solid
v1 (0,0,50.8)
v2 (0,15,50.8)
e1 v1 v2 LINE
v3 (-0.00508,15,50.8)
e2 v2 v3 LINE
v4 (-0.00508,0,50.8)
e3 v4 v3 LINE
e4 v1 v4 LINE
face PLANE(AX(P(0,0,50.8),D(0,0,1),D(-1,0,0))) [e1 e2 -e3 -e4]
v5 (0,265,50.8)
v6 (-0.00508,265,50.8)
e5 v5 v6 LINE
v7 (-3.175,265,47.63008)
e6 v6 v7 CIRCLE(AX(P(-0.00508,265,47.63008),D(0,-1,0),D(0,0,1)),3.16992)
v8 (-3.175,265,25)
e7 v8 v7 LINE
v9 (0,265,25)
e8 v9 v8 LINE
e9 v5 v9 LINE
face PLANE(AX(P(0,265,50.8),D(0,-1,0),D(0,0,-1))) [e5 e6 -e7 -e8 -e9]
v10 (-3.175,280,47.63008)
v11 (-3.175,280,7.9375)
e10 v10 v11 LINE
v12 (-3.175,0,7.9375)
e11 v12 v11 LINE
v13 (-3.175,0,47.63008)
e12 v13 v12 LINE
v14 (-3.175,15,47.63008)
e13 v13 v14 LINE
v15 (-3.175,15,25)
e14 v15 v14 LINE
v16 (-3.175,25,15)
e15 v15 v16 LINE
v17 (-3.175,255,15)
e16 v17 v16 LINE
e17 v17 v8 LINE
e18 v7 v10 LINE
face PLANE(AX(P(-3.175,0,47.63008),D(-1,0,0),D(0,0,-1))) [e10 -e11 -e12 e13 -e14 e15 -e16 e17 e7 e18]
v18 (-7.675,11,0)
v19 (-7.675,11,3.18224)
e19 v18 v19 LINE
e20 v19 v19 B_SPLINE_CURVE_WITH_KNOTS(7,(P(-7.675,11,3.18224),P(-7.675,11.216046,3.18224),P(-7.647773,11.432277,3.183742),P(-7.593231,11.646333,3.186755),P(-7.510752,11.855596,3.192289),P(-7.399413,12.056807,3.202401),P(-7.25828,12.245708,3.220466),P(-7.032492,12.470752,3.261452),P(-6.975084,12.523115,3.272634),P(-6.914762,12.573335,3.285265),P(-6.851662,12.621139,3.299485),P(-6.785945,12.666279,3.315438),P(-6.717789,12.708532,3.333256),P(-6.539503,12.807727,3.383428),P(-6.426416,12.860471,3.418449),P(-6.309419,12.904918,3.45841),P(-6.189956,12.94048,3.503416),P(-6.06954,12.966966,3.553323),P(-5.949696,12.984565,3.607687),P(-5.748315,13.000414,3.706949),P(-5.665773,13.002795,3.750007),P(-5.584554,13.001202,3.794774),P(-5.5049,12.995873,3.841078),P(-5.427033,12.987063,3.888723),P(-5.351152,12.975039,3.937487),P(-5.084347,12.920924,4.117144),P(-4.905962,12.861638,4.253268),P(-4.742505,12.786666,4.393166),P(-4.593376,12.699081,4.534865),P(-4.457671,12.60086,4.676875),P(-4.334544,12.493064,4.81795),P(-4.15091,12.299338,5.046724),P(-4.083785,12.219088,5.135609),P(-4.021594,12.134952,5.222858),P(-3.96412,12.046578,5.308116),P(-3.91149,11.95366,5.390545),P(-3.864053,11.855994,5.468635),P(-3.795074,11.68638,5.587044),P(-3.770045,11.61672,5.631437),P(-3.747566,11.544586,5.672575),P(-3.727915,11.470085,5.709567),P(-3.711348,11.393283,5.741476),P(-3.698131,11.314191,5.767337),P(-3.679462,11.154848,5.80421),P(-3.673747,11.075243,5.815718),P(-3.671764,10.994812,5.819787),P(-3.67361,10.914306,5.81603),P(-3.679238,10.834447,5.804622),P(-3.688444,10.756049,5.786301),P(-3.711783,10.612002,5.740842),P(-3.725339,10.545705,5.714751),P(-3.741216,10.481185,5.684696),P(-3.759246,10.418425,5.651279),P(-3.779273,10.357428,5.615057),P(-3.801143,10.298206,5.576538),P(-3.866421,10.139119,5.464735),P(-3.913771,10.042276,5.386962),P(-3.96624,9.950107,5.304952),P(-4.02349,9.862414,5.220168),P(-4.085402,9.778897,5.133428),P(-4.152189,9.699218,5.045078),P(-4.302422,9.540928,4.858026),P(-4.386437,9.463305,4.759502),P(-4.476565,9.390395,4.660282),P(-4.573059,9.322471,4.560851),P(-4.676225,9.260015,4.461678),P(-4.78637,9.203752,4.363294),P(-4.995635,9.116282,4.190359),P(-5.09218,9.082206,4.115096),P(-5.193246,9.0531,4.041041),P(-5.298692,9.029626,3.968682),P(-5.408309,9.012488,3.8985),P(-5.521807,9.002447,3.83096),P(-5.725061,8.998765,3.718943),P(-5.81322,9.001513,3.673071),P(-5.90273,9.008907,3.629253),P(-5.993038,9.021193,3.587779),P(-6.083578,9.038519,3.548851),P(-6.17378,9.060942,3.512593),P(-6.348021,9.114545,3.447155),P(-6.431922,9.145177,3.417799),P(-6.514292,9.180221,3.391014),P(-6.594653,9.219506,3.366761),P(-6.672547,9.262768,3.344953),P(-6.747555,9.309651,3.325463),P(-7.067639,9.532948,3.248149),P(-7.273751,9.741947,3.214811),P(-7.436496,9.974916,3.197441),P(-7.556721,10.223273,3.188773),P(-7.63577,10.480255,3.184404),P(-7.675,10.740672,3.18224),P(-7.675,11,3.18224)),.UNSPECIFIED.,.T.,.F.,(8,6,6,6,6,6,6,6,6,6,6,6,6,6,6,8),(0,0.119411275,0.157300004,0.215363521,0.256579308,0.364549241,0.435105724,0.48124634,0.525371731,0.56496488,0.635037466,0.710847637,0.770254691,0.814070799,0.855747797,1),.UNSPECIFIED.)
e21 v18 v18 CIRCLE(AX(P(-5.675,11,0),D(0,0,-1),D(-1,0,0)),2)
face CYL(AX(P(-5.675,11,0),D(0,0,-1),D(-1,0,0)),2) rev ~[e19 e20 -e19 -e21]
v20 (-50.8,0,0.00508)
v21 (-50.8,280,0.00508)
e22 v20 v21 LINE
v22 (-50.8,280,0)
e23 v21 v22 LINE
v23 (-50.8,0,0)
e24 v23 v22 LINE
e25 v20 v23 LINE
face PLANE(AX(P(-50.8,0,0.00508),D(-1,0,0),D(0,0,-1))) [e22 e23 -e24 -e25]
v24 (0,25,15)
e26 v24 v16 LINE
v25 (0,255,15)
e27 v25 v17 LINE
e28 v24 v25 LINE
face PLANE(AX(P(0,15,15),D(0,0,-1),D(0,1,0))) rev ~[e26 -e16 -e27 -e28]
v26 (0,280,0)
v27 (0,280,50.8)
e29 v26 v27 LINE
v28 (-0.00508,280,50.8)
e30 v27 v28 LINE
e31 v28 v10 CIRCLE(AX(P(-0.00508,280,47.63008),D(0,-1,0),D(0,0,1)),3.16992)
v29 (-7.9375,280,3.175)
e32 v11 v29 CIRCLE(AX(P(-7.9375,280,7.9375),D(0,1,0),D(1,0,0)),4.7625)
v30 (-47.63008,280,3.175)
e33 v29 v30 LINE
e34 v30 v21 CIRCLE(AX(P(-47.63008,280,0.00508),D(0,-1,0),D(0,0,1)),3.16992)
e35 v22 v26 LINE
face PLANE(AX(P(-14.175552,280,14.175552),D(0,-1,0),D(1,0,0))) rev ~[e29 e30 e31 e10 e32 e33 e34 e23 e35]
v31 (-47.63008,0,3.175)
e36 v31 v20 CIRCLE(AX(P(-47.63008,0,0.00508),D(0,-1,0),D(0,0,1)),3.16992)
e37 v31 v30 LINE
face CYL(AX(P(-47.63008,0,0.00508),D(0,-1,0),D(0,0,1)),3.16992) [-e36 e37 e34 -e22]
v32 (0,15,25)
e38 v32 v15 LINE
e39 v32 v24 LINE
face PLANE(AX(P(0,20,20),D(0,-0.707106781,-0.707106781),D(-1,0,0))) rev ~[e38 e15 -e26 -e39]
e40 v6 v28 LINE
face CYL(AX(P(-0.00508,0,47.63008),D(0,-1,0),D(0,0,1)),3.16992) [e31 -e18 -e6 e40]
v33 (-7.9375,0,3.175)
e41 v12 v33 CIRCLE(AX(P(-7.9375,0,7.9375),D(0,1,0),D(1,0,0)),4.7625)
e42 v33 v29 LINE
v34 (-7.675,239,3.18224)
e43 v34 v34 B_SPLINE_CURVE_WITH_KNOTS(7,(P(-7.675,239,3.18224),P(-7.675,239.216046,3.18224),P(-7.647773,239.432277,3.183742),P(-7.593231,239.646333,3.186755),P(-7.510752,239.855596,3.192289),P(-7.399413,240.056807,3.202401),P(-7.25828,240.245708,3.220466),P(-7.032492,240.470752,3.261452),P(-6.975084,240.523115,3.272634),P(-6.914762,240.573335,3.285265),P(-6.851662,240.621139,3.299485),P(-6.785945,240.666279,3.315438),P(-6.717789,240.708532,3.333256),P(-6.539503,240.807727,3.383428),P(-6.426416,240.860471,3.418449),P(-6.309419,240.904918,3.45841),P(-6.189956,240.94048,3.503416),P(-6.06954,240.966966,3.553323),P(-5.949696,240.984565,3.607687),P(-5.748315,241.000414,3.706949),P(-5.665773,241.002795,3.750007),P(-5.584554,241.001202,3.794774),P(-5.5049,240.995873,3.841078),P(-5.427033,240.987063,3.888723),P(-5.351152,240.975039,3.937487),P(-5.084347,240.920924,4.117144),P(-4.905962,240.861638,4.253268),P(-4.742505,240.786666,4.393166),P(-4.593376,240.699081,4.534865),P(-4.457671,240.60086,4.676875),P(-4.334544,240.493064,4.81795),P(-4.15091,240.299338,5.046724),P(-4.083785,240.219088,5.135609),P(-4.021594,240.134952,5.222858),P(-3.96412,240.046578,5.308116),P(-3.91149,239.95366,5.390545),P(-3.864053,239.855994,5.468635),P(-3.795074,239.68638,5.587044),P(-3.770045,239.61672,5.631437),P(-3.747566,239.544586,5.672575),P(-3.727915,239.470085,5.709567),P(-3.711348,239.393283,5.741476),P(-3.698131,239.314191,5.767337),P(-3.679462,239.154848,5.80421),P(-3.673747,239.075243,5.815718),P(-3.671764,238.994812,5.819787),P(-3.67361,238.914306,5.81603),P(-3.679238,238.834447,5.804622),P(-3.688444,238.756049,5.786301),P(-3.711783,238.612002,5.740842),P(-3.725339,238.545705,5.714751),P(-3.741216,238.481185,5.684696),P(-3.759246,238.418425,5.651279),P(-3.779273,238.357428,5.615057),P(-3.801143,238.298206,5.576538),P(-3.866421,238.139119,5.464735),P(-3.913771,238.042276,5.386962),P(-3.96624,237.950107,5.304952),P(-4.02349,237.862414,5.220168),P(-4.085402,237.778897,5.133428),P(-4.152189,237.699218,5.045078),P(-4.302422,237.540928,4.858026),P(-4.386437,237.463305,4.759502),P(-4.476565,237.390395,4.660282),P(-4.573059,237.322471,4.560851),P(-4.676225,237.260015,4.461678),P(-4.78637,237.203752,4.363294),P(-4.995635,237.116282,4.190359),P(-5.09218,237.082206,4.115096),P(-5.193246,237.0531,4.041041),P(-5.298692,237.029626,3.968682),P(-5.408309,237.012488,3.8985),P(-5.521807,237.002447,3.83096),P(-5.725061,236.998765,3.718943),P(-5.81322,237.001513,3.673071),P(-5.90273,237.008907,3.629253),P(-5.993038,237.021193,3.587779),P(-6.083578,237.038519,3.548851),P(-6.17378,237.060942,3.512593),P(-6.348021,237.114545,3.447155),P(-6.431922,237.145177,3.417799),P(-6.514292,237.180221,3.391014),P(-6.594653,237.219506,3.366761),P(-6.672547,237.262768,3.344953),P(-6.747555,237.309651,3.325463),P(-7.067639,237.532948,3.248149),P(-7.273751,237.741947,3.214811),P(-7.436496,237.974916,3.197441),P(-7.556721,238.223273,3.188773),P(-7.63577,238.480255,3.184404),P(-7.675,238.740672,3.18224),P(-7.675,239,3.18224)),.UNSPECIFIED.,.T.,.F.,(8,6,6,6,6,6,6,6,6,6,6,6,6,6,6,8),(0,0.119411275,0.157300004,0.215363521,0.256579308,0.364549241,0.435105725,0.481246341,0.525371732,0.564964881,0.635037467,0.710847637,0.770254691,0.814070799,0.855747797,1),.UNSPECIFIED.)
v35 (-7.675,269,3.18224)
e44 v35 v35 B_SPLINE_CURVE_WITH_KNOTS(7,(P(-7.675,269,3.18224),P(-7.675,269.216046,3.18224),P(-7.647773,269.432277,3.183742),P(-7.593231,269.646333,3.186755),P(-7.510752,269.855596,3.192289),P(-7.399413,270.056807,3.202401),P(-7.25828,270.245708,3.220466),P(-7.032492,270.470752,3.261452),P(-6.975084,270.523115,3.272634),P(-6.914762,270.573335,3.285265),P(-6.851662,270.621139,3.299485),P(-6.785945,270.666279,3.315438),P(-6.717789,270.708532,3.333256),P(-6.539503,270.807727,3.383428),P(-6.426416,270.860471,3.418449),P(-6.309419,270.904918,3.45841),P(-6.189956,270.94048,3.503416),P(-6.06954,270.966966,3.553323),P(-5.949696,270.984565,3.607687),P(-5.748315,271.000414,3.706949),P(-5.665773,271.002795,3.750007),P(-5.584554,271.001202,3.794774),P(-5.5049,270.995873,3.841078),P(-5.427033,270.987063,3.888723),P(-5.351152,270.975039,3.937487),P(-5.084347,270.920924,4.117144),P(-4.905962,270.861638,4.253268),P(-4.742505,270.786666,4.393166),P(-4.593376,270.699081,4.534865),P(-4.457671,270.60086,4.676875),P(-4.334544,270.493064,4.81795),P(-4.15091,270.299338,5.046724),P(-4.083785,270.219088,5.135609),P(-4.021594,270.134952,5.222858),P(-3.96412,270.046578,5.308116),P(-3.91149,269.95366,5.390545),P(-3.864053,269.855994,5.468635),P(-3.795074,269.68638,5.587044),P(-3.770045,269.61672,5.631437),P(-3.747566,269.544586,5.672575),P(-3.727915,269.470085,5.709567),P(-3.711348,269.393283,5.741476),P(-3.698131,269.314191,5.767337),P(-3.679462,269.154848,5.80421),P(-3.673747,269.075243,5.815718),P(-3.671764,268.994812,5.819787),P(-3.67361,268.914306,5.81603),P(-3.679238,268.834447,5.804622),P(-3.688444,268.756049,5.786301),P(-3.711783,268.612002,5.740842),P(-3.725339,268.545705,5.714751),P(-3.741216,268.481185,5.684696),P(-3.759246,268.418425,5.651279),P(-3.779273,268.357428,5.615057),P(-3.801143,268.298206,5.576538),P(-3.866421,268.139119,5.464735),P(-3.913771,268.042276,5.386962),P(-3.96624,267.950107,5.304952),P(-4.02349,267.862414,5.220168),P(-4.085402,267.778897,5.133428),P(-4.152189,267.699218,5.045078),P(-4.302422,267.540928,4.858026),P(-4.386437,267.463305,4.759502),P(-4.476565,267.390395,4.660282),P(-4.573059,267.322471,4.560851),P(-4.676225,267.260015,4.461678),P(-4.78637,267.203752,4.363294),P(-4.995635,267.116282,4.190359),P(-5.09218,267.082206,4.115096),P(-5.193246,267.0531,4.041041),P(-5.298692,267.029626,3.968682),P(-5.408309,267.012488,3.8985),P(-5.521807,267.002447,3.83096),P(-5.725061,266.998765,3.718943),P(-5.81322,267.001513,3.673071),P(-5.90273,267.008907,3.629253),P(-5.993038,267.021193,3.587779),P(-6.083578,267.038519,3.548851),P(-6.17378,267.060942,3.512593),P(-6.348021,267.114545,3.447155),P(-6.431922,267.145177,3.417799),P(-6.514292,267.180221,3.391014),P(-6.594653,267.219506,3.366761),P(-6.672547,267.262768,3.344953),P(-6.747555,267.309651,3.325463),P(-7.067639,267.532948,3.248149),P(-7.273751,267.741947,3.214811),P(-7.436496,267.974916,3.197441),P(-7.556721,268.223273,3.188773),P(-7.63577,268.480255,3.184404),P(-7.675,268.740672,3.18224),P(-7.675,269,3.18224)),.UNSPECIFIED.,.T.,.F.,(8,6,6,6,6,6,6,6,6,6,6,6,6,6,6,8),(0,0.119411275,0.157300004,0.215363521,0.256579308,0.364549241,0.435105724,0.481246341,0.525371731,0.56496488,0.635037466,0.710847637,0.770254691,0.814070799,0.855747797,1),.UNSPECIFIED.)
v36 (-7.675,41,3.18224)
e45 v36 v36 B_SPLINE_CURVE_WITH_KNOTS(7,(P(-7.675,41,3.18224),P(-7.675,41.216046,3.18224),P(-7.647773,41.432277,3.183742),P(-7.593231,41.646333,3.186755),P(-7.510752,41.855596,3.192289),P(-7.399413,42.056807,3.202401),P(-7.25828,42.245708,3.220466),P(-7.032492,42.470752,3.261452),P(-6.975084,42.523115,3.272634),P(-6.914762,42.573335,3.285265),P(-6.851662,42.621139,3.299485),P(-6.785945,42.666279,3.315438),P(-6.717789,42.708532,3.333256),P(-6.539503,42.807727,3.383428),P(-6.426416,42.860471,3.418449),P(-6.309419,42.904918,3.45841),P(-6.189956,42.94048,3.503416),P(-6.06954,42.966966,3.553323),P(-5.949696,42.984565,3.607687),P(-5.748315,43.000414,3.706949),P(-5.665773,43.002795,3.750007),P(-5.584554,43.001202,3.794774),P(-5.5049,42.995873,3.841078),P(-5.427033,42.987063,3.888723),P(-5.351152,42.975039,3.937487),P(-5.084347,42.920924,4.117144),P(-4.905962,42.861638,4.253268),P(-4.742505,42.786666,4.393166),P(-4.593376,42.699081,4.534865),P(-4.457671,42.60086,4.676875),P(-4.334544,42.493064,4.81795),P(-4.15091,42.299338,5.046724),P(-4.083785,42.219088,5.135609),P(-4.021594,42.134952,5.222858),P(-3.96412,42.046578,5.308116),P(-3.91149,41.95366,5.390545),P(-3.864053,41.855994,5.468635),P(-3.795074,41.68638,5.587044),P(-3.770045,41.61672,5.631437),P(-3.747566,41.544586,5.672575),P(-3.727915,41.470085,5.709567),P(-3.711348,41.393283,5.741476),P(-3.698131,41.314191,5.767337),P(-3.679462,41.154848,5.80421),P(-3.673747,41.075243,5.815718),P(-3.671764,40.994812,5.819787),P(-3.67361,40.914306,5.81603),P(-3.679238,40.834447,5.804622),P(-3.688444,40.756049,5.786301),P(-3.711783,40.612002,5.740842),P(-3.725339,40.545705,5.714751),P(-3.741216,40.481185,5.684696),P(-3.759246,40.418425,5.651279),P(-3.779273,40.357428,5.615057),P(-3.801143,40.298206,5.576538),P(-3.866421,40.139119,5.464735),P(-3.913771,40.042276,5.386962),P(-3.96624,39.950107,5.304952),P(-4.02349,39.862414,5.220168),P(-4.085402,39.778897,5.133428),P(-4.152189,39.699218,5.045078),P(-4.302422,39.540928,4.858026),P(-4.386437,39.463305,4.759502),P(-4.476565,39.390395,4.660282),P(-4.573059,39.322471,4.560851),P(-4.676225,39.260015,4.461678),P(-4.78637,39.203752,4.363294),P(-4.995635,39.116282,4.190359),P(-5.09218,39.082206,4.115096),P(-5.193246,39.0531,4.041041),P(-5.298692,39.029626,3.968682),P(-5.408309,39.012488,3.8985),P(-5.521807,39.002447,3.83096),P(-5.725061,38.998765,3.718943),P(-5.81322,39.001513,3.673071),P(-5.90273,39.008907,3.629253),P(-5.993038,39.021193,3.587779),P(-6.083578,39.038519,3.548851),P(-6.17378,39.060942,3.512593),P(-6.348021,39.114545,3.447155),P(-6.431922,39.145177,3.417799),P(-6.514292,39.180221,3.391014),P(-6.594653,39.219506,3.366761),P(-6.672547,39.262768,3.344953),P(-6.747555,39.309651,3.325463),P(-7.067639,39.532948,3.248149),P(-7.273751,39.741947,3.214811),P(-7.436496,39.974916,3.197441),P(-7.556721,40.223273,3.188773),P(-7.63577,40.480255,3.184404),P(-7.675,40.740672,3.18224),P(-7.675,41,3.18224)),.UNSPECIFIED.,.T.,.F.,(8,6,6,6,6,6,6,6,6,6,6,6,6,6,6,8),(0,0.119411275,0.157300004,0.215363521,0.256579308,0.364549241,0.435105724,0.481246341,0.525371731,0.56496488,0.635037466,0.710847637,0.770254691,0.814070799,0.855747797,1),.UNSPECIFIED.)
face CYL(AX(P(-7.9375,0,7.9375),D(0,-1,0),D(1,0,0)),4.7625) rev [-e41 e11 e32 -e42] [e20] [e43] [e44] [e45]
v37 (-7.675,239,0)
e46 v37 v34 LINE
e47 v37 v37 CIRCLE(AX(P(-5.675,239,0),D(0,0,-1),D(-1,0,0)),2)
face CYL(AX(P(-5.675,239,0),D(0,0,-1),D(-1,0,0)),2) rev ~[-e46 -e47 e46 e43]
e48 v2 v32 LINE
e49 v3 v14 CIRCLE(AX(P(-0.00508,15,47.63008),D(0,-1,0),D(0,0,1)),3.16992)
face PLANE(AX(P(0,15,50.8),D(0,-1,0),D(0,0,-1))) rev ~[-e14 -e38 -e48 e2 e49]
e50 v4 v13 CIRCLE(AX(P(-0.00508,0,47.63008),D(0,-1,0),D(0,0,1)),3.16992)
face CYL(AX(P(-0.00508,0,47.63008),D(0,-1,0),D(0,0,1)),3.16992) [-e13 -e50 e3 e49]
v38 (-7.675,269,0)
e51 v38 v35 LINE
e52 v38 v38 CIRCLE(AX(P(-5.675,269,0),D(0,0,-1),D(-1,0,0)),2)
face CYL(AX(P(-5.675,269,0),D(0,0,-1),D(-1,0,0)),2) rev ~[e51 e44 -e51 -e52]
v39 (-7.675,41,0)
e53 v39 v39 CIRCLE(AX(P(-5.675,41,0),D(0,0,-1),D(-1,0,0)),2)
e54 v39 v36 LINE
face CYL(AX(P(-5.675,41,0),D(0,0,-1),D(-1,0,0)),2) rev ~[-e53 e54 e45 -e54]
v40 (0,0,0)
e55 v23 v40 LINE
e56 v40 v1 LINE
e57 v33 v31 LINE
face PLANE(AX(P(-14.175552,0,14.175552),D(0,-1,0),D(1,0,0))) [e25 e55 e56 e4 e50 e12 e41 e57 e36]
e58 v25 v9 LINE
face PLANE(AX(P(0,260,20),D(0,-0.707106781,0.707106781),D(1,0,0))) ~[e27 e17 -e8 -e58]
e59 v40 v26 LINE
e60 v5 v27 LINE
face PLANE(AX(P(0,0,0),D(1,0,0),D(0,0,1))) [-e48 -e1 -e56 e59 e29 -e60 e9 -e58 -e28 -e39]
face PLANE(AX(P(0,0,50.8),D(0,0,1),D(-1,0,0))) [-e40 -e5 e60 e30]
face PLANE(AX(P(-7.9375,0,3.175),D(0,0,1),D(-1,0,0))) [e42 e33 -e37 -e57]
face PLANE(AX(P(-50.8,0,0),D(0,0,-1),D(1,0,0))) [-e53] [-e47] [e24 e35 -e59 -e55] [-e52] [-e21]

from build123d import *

# Parameters (mm, degrees)
ANGULAR_ALUMINIO_ANGULAR_38MM_1_DEPTH = 280
CROQUIS8_W                            = 35.8
CROQUIS8_H                            = 250
CORTAR_EXTRUIR1_DEPTH                 = 4
CHAFL_N1_SIZE                         = 10
CROQUIS10_R                           = 2
CORTAR_EXTRUIR3_DEPTH                 = 10
CROQUIS12_R                           = 2
CORTAR_EXTRUIR4_DEPTH                 = 10


with BuildPart() as part:
    # Sketch11 → Angular ALUMINIO ANGULAR 38MM(1) (new body)
    with BuildSketch(Plane(origin=(0, 0, 0), x_dir=(-1, 0, 0), z_dir=(0, 1, 0))):
        with BuildLine():
            Line((0, 0), (0, 50.8))
            Line((0, 50.8), (0.00508, 50.8))
            ThreePointArc((0.00508, 50.8), (2.246551928, 49.871551928), (3.175, 47.63008))
            Line((3.175, 47.63008), (3.175, 7.9375))
            ThreePointArc((3.175, 7.9375), (4.569903955, 4.569903955), (7.9375, 3.175))
            Line((7.9375, 3.175), (47.63008, 3.175))
            ThreePointArc((47.63008, 3.175), (49.871551928, 2.246551928), (50.8, 0.00508))
            Line((50.8, 0.00508), (50.8, 0))
            Line((50.8, 0), (0, 0))
        make_face()
    extrude(amount=ANGULAR_ALUMINIO_ANGULAR_38MM_1_DEPTH)

    # Croquis8 → Cortar-Extruir1 (cut)
    with BuildSketch(Plane(origin=(0, 0, 0), x_dir=(0, 0, -1), z_dir=(1, 0, 0))):
        with Locations((-32.9, 140)):
            Rectangle(CROQUIS8_W, CROQUIS8_H)
    extrude(amount=-CORTAR_EXTRUIR1_DEPTH, mode=Mode.SUBTRACT)

    # Chaflán1
    chafl_n1_edges = [part.edges().sort_by_distance(p)[0] for p in [
        (-1.5875, 265, 15),
        (-1.5875, 15, 15),
    ]]
    chamfer(chafl_n1_edges, length=CHAFL_N1_SIZE)

    # Croquis10 → Cortar-Extruir3 (cut)
    with BuildSketch(Plane(origin=(0, 0, 0), x_dir=(-1, 0, 0), z_dir=(0, 0, -1))):
        with Locations((5.675, 41)):
            Circle(CROQUIS10_R)
        with Locations((5.675, 11)):
            Circle(CROQUIS10_R)
        with Locations((-44.325, 41)):
            Circle(CROQUIS10_R)
        with Locations((-44.325, 11)):
            Circle(CROQUIS10_R)
    extrude(amount=-CORTAR_EXTRUIR3_DEPTH, mode=Mode.SUBTRACT)

    # Croquis12 → Cortar-Extruir4 (cut)
    with BuildSketch(Plane(origin=(0, 0, 0), x_dir=(-1, 0, 0), z_dir=(0, 0, -1))):
        with Locations((5.675, 269)):
            Circle(CROQUIS12_R)
        with Locations((5.675, 239)):
            Circle(CROQUIS12_R)
    extrude(amount=-CORTAR_EXTRUIR4_DEPTH, mode=Mode.SUBTRACT)


solid = part.part
